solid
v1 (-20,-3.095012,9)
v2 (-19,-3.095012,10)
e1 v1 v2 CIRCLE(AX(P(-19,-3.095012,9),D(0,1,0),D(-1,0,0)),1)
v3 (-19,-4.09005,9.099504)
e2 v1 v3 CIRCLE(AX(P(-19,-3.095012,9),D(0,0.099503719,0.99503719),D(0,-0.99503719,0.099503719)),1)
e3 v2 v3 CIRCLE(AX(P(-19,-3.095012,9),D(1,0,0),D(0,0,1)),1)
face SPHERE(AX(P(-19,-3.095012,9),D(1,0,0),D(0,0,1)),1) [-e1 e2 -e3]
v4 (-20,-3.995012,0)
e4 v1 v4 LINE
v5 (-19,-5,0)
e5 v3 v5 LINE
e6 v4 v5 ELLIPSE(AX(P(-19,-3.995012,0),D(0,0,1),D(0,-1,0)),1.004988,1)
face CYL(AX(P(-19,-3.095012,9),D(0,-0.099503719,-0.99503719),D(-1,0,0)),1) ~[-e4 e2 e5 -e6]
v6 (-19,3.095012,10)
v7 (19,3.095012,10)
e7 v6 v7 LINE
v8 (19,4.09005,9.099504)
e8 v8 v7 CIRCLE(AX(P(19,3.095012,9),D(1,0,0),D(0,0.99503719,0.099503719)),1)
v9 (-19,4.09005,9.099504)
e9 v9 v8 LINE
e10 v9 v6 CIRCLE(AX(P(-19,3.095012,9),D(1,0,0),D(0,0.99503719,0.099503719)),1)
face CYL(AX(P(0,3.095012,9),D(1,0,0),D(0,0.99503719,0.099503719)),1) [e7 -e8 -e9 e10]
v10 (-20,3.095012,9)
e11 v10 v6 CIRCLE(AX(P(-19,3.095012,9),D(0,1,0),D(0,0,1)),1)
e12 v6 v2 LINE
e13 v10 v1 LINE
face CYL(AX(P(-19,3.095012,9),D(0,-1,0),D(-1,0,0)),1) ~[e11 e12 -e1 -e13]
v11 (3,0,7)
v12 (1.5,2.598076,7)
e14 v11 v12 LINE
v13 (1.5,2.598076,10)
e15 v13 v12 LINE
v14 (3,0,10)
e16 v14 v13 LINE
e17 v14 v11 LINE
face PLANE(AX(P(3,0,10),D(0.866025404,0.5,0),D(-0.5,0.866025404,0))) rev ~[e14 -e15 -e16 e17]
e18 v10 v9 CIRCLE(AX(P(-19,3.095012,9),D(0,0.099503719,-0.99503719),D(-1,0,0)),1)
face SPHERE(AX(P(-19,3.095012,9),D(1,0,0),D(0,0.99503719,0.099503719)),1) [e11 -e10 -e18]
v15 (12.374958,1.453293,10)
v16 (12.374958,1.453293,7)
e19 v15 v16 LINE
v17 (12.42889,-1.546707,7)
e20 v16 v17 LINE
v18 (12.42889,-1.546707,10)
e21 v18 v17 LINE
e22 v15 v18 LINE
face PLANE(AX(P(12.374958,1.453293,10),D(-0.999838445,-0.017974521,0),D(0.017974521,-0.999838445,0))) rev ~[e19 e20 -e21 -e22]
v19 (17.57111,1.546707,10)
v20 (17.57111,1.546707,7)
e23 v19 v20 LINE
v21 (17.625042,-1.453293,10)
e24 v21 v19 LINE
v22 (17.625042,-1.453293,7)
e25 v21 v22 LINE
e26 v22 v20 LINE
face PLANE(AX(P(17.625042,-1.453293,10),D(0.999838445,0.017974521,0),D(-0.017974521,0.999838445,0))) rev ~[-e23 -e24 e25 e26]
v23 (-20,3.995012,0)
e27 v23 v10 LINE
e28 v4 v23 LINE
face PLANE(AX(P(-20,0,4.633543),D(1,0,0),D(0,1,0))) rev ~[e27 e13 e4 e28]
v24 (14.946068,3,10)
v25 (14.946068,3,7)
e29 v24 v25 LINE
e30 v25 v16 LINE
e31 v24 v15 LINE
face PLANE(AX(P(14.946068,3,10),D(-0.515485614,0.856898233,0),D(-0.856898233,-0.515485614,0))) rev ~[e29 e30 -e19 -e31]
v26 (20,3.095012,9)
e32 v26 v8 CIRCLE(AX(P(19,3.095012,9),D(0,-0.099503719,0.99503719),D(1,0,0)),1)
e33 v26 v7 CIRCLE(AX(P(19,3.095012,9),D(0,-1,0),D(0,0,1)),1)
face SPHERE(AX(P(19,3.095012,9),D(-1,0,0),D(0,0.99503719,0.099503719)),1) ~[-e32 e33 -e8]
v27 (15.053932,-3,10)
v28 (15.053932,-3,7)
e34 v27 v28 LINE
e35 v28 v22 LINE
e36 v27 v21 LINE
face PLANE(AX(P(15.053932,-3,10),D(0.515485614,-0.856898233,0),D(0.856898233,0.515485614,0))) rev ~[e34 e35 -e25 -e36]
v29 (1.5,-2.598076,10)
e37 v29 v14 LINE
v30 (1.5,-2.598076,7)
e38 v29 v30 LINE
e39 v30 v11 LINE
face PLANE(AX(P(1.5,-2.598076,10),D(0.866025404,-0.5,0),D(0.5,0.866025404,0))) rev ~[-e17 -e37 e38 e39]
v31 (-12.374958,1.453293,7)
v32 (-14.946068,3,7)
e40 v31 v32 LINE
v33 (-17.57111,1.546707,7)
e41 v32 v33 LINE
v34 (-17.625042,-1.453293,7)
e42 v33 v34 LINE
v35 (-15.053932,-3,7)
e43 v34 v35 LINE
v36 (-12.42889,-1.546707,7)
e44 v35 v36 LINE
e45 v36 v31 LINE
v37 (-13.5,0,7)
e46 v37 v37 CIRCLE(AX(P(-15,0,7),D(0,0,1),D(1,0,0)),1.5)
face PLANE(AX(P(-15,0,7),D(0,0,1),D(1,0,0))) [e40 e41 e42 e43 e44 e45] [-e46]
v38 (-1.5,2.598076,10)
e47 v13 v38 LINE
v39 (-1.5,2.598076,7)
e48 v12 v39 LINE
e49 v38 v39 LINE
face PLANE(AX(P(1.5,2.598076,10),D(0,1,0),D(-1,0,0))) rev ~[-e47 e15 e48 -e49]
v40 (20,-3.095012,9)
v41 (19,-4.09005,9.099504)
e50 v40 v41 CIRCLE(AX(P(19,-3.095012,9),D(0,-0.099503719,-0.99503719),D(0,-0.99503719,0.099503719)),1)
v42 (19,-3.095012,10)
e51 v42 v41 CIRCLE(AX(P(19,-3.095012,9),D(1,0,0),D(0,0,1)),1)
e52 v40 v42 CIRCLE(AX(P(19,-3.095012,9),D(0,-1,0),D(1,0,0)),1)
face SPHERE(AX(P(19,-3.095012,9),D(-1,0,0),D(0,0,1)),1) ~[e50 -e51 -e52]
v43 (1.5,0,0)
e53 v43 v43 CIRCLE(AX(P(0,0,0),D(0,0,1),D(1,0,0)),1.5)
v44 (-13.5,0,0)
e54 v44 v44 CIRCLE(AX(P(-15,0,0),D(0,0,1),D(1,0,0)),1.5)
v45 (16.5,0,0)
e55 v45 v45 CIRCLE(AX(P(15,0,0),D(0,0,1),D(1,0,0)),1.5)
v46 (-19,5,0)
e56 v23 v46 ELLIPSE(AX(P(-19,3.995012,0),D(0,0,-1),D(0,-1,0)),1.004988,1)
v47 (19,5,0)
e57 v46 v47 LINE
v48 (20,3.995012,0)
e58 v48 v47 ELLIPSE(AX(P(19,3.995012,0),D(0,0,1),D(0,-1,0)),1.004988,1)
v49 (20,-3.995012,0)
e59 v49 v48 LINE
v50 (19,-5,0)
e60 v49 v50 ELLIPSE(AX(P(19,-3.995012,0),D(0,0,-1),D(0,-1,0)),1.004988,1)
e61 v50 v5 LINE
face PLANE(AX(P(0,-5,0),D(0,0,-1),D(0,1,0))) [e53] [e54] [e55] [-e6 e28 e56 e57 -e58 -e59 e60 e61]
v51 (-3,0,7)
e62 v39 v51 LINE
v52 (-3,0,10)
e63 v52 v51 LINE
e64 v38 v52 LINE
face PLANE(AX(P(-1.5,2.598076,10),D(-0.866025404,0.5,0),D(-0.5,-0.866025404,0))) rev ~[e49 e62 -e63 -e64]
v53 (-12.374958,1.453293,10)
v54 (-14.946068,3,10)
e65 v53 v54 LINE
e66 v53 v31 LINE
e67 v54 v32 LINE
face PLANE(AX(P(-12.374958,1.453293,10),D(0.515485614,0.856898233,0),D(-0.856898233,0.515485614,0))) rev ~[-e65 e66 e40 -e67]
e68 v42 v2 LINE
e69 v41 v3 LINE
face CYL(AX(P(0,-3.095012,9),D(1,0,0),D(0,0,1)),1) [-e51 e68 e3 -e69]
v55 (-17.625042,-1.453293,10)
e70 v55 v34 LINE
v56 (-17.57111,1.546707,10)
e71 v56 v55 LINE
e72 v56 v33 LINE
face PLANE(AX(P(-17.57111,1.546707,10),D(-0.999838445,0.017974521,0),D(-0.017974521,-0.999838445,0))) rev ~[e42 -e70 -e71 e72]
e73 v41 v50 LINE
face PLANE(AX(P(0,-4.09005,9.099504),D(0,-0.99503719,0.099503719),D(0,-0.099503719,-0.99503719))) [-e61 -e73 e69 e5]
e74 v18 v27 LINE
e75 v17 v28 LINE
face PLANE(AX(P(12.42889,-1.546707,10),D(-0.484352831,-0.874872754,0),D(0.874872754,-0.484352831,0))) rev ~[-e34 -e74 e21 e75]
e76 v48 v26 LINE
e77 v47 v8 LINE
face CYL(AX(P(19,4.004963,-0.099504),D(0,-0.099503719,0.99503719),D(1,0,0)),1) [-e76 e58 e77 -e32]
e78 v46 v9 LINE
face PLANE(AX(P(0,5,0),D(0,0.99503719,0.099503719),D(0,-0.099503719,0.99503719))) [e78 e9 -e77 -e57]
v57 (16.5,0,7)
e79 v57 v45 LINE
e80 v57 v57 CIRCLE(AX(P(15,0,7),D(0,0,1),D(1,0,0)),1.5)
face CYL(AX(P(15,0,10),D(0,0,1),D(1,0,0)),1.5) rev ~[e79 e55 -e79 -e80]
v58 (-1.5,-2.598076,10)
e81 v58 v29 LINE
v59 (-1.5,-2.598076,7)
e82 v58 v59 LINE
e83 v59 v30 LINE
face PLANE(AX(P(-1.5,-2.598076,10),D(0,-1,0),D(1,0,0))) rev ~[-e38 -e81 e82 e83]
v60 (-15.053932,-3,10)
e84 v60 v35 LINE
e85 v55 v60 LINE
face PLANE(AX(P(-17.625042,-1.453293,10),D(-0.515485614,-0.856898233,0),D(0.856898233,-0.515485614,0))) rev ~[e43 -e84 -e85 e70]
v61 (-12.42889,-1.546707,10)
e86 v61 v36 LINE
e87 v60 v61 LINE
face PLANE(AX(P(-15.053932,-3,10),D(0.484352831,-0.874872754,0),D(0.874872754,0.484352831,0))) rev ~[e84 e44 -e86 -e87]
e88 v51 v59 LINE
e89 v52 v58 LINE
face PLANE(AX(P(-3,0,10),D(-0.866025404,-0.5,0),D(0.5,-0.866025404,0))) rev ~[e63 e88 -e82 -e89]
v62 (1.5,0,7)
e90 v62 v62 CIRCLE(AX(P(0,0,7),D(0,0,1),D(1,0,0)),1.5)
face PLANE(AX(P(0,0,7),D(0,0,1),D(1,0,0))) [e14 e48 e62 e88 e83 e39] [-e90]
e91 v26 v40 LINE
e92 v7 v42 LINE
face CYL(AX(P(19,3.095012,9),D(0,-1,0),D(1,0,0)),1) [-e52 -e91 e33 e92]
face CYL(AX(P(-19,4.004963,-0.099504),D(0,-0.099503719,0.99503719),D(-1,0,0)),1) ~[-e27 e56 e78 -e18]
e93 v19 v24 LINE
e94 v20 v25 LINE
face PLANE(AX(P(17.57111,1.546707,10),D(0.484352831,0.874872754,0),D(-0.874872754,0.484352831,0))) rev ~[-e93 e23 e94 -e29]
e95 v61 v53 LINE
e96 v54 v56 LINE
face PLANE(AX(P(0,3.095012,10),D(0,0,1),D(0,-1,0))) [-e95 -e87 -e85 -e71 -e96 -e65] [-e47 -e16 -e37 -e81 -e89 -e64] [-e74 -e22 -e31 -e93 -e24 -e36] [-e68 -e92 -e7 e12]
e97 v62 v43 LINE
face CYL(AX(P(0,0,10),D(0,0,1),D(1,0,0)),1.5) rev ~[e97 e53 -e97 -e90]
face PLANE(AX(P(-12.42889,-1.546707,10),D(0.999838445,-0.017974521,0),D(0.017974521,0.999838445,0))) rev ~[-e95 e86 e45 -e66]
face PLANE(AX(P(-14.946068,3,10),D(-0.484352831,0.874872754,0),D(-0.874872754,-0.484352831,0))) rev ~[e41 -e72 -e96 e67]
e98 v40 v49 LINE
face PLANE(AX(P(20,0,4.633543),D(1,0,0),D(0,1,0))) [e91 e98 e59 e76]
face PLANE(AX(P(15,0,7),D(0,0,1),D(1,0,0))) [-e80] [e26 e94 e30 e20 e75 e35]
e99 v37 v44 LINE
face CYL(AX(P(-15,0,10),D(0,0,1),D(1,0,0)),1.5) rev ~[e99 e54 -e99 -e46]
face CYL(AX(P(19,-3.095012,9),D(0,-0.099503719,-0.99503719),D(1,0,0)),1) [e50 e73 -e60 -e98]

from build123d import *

# Parameters (mm, degrees)
F1_DEPTH      = 20
F1_DEPTH_BACK = 20
F2_R          = 1.5
F3_DEPTH      = 10
F5_DEPTH      = 3
F6_R          = 1
F7_R          = 1


with BuildPart() as f1:
    # F0 (on Right) → F1 (new body, two sides)
    with BuildSketch(Plane.YZ) as f1_sk:
        with BuildLine():
            Line((-5, 0), (0, 0))
            Line((0, 0), (5, 0))
            Line((5, 0), (4.0900496281, 9.099503719))
            ThreePointArc((4.0900496281, 9.099503719), (3.7660177586, 9.7414525336), (3.0950124379, 10))
            Line((3.0950124379, 10), (0, 10))
            Line((0, 10), (-3.0950124379, 10))
            ThreePointArc((-3.0950124379, 10), (-3.7660177586, 9.7414525336), (-4.0900496281, 9.099503719))
            Line((-4.0900496281, 9.099503719), (-5, 0))
        make_face()
    extrude(amount=F1_DEPTH)
    extrude(f1_sk.sketch, amount=-F1_DEPTH_BACK)

    # F2 (on face) → F3 (cut, through all)
    with BuildSketch(Plane.XY.offset(10)):
        with Locations((-15, 0)):
            Circle(F2_R)
        with Locations((15, 0)):
            Circle(F2_R)
        Circle(F2_R)
    extrude(amount=-F3_DEPTH, mode=Mode.SUBTRACT)

    # F4 (on face) → F5 (cut)
    with BuildSketch(Plane.XY.offset(10)):
        Polygon((-12.3749576506, 1.4532932788), (-14.9460677239, 3), (-17.5711100733, 1.5467067212), (-17.6250423494, -1.4532932788), (-15.0539322761, -3), (-12.4288899267, -1.5467067212), align=None)
        Polygon((17.5711100733, 1.5467067212), (14.9460677239, 3), (12.3749576506, 1.4532932788), (12.4288899267, -1.5467067212), (15.0539322761, -3), (17.6250423494, -1.4532932788), align=None)
        Polygon((1.5, 2.5980762114), (-1.5, 2.5980762114), (-3, 0), (-1.5, -2.5980762114), (1.5, -2.5980762114), (3, 0), align=None)
    extrude(amount=-F5_DEPTH, mode=Mode.SUBTRACT)

    # F6
    f6_edges = [f1.edges().sort_by_distance(p)[0] for p in [
        (20, 0, 10),
    ]]
    fillet(f6_edges, radius=F6_R)

    # F7
    f7_edges = [f1.edges().sort_by_distance(p)[0] for p in [
        (-20, 0, 10),
    ]]
    fillet(f7_edges, radius=F7_R)


solid = f1.part
